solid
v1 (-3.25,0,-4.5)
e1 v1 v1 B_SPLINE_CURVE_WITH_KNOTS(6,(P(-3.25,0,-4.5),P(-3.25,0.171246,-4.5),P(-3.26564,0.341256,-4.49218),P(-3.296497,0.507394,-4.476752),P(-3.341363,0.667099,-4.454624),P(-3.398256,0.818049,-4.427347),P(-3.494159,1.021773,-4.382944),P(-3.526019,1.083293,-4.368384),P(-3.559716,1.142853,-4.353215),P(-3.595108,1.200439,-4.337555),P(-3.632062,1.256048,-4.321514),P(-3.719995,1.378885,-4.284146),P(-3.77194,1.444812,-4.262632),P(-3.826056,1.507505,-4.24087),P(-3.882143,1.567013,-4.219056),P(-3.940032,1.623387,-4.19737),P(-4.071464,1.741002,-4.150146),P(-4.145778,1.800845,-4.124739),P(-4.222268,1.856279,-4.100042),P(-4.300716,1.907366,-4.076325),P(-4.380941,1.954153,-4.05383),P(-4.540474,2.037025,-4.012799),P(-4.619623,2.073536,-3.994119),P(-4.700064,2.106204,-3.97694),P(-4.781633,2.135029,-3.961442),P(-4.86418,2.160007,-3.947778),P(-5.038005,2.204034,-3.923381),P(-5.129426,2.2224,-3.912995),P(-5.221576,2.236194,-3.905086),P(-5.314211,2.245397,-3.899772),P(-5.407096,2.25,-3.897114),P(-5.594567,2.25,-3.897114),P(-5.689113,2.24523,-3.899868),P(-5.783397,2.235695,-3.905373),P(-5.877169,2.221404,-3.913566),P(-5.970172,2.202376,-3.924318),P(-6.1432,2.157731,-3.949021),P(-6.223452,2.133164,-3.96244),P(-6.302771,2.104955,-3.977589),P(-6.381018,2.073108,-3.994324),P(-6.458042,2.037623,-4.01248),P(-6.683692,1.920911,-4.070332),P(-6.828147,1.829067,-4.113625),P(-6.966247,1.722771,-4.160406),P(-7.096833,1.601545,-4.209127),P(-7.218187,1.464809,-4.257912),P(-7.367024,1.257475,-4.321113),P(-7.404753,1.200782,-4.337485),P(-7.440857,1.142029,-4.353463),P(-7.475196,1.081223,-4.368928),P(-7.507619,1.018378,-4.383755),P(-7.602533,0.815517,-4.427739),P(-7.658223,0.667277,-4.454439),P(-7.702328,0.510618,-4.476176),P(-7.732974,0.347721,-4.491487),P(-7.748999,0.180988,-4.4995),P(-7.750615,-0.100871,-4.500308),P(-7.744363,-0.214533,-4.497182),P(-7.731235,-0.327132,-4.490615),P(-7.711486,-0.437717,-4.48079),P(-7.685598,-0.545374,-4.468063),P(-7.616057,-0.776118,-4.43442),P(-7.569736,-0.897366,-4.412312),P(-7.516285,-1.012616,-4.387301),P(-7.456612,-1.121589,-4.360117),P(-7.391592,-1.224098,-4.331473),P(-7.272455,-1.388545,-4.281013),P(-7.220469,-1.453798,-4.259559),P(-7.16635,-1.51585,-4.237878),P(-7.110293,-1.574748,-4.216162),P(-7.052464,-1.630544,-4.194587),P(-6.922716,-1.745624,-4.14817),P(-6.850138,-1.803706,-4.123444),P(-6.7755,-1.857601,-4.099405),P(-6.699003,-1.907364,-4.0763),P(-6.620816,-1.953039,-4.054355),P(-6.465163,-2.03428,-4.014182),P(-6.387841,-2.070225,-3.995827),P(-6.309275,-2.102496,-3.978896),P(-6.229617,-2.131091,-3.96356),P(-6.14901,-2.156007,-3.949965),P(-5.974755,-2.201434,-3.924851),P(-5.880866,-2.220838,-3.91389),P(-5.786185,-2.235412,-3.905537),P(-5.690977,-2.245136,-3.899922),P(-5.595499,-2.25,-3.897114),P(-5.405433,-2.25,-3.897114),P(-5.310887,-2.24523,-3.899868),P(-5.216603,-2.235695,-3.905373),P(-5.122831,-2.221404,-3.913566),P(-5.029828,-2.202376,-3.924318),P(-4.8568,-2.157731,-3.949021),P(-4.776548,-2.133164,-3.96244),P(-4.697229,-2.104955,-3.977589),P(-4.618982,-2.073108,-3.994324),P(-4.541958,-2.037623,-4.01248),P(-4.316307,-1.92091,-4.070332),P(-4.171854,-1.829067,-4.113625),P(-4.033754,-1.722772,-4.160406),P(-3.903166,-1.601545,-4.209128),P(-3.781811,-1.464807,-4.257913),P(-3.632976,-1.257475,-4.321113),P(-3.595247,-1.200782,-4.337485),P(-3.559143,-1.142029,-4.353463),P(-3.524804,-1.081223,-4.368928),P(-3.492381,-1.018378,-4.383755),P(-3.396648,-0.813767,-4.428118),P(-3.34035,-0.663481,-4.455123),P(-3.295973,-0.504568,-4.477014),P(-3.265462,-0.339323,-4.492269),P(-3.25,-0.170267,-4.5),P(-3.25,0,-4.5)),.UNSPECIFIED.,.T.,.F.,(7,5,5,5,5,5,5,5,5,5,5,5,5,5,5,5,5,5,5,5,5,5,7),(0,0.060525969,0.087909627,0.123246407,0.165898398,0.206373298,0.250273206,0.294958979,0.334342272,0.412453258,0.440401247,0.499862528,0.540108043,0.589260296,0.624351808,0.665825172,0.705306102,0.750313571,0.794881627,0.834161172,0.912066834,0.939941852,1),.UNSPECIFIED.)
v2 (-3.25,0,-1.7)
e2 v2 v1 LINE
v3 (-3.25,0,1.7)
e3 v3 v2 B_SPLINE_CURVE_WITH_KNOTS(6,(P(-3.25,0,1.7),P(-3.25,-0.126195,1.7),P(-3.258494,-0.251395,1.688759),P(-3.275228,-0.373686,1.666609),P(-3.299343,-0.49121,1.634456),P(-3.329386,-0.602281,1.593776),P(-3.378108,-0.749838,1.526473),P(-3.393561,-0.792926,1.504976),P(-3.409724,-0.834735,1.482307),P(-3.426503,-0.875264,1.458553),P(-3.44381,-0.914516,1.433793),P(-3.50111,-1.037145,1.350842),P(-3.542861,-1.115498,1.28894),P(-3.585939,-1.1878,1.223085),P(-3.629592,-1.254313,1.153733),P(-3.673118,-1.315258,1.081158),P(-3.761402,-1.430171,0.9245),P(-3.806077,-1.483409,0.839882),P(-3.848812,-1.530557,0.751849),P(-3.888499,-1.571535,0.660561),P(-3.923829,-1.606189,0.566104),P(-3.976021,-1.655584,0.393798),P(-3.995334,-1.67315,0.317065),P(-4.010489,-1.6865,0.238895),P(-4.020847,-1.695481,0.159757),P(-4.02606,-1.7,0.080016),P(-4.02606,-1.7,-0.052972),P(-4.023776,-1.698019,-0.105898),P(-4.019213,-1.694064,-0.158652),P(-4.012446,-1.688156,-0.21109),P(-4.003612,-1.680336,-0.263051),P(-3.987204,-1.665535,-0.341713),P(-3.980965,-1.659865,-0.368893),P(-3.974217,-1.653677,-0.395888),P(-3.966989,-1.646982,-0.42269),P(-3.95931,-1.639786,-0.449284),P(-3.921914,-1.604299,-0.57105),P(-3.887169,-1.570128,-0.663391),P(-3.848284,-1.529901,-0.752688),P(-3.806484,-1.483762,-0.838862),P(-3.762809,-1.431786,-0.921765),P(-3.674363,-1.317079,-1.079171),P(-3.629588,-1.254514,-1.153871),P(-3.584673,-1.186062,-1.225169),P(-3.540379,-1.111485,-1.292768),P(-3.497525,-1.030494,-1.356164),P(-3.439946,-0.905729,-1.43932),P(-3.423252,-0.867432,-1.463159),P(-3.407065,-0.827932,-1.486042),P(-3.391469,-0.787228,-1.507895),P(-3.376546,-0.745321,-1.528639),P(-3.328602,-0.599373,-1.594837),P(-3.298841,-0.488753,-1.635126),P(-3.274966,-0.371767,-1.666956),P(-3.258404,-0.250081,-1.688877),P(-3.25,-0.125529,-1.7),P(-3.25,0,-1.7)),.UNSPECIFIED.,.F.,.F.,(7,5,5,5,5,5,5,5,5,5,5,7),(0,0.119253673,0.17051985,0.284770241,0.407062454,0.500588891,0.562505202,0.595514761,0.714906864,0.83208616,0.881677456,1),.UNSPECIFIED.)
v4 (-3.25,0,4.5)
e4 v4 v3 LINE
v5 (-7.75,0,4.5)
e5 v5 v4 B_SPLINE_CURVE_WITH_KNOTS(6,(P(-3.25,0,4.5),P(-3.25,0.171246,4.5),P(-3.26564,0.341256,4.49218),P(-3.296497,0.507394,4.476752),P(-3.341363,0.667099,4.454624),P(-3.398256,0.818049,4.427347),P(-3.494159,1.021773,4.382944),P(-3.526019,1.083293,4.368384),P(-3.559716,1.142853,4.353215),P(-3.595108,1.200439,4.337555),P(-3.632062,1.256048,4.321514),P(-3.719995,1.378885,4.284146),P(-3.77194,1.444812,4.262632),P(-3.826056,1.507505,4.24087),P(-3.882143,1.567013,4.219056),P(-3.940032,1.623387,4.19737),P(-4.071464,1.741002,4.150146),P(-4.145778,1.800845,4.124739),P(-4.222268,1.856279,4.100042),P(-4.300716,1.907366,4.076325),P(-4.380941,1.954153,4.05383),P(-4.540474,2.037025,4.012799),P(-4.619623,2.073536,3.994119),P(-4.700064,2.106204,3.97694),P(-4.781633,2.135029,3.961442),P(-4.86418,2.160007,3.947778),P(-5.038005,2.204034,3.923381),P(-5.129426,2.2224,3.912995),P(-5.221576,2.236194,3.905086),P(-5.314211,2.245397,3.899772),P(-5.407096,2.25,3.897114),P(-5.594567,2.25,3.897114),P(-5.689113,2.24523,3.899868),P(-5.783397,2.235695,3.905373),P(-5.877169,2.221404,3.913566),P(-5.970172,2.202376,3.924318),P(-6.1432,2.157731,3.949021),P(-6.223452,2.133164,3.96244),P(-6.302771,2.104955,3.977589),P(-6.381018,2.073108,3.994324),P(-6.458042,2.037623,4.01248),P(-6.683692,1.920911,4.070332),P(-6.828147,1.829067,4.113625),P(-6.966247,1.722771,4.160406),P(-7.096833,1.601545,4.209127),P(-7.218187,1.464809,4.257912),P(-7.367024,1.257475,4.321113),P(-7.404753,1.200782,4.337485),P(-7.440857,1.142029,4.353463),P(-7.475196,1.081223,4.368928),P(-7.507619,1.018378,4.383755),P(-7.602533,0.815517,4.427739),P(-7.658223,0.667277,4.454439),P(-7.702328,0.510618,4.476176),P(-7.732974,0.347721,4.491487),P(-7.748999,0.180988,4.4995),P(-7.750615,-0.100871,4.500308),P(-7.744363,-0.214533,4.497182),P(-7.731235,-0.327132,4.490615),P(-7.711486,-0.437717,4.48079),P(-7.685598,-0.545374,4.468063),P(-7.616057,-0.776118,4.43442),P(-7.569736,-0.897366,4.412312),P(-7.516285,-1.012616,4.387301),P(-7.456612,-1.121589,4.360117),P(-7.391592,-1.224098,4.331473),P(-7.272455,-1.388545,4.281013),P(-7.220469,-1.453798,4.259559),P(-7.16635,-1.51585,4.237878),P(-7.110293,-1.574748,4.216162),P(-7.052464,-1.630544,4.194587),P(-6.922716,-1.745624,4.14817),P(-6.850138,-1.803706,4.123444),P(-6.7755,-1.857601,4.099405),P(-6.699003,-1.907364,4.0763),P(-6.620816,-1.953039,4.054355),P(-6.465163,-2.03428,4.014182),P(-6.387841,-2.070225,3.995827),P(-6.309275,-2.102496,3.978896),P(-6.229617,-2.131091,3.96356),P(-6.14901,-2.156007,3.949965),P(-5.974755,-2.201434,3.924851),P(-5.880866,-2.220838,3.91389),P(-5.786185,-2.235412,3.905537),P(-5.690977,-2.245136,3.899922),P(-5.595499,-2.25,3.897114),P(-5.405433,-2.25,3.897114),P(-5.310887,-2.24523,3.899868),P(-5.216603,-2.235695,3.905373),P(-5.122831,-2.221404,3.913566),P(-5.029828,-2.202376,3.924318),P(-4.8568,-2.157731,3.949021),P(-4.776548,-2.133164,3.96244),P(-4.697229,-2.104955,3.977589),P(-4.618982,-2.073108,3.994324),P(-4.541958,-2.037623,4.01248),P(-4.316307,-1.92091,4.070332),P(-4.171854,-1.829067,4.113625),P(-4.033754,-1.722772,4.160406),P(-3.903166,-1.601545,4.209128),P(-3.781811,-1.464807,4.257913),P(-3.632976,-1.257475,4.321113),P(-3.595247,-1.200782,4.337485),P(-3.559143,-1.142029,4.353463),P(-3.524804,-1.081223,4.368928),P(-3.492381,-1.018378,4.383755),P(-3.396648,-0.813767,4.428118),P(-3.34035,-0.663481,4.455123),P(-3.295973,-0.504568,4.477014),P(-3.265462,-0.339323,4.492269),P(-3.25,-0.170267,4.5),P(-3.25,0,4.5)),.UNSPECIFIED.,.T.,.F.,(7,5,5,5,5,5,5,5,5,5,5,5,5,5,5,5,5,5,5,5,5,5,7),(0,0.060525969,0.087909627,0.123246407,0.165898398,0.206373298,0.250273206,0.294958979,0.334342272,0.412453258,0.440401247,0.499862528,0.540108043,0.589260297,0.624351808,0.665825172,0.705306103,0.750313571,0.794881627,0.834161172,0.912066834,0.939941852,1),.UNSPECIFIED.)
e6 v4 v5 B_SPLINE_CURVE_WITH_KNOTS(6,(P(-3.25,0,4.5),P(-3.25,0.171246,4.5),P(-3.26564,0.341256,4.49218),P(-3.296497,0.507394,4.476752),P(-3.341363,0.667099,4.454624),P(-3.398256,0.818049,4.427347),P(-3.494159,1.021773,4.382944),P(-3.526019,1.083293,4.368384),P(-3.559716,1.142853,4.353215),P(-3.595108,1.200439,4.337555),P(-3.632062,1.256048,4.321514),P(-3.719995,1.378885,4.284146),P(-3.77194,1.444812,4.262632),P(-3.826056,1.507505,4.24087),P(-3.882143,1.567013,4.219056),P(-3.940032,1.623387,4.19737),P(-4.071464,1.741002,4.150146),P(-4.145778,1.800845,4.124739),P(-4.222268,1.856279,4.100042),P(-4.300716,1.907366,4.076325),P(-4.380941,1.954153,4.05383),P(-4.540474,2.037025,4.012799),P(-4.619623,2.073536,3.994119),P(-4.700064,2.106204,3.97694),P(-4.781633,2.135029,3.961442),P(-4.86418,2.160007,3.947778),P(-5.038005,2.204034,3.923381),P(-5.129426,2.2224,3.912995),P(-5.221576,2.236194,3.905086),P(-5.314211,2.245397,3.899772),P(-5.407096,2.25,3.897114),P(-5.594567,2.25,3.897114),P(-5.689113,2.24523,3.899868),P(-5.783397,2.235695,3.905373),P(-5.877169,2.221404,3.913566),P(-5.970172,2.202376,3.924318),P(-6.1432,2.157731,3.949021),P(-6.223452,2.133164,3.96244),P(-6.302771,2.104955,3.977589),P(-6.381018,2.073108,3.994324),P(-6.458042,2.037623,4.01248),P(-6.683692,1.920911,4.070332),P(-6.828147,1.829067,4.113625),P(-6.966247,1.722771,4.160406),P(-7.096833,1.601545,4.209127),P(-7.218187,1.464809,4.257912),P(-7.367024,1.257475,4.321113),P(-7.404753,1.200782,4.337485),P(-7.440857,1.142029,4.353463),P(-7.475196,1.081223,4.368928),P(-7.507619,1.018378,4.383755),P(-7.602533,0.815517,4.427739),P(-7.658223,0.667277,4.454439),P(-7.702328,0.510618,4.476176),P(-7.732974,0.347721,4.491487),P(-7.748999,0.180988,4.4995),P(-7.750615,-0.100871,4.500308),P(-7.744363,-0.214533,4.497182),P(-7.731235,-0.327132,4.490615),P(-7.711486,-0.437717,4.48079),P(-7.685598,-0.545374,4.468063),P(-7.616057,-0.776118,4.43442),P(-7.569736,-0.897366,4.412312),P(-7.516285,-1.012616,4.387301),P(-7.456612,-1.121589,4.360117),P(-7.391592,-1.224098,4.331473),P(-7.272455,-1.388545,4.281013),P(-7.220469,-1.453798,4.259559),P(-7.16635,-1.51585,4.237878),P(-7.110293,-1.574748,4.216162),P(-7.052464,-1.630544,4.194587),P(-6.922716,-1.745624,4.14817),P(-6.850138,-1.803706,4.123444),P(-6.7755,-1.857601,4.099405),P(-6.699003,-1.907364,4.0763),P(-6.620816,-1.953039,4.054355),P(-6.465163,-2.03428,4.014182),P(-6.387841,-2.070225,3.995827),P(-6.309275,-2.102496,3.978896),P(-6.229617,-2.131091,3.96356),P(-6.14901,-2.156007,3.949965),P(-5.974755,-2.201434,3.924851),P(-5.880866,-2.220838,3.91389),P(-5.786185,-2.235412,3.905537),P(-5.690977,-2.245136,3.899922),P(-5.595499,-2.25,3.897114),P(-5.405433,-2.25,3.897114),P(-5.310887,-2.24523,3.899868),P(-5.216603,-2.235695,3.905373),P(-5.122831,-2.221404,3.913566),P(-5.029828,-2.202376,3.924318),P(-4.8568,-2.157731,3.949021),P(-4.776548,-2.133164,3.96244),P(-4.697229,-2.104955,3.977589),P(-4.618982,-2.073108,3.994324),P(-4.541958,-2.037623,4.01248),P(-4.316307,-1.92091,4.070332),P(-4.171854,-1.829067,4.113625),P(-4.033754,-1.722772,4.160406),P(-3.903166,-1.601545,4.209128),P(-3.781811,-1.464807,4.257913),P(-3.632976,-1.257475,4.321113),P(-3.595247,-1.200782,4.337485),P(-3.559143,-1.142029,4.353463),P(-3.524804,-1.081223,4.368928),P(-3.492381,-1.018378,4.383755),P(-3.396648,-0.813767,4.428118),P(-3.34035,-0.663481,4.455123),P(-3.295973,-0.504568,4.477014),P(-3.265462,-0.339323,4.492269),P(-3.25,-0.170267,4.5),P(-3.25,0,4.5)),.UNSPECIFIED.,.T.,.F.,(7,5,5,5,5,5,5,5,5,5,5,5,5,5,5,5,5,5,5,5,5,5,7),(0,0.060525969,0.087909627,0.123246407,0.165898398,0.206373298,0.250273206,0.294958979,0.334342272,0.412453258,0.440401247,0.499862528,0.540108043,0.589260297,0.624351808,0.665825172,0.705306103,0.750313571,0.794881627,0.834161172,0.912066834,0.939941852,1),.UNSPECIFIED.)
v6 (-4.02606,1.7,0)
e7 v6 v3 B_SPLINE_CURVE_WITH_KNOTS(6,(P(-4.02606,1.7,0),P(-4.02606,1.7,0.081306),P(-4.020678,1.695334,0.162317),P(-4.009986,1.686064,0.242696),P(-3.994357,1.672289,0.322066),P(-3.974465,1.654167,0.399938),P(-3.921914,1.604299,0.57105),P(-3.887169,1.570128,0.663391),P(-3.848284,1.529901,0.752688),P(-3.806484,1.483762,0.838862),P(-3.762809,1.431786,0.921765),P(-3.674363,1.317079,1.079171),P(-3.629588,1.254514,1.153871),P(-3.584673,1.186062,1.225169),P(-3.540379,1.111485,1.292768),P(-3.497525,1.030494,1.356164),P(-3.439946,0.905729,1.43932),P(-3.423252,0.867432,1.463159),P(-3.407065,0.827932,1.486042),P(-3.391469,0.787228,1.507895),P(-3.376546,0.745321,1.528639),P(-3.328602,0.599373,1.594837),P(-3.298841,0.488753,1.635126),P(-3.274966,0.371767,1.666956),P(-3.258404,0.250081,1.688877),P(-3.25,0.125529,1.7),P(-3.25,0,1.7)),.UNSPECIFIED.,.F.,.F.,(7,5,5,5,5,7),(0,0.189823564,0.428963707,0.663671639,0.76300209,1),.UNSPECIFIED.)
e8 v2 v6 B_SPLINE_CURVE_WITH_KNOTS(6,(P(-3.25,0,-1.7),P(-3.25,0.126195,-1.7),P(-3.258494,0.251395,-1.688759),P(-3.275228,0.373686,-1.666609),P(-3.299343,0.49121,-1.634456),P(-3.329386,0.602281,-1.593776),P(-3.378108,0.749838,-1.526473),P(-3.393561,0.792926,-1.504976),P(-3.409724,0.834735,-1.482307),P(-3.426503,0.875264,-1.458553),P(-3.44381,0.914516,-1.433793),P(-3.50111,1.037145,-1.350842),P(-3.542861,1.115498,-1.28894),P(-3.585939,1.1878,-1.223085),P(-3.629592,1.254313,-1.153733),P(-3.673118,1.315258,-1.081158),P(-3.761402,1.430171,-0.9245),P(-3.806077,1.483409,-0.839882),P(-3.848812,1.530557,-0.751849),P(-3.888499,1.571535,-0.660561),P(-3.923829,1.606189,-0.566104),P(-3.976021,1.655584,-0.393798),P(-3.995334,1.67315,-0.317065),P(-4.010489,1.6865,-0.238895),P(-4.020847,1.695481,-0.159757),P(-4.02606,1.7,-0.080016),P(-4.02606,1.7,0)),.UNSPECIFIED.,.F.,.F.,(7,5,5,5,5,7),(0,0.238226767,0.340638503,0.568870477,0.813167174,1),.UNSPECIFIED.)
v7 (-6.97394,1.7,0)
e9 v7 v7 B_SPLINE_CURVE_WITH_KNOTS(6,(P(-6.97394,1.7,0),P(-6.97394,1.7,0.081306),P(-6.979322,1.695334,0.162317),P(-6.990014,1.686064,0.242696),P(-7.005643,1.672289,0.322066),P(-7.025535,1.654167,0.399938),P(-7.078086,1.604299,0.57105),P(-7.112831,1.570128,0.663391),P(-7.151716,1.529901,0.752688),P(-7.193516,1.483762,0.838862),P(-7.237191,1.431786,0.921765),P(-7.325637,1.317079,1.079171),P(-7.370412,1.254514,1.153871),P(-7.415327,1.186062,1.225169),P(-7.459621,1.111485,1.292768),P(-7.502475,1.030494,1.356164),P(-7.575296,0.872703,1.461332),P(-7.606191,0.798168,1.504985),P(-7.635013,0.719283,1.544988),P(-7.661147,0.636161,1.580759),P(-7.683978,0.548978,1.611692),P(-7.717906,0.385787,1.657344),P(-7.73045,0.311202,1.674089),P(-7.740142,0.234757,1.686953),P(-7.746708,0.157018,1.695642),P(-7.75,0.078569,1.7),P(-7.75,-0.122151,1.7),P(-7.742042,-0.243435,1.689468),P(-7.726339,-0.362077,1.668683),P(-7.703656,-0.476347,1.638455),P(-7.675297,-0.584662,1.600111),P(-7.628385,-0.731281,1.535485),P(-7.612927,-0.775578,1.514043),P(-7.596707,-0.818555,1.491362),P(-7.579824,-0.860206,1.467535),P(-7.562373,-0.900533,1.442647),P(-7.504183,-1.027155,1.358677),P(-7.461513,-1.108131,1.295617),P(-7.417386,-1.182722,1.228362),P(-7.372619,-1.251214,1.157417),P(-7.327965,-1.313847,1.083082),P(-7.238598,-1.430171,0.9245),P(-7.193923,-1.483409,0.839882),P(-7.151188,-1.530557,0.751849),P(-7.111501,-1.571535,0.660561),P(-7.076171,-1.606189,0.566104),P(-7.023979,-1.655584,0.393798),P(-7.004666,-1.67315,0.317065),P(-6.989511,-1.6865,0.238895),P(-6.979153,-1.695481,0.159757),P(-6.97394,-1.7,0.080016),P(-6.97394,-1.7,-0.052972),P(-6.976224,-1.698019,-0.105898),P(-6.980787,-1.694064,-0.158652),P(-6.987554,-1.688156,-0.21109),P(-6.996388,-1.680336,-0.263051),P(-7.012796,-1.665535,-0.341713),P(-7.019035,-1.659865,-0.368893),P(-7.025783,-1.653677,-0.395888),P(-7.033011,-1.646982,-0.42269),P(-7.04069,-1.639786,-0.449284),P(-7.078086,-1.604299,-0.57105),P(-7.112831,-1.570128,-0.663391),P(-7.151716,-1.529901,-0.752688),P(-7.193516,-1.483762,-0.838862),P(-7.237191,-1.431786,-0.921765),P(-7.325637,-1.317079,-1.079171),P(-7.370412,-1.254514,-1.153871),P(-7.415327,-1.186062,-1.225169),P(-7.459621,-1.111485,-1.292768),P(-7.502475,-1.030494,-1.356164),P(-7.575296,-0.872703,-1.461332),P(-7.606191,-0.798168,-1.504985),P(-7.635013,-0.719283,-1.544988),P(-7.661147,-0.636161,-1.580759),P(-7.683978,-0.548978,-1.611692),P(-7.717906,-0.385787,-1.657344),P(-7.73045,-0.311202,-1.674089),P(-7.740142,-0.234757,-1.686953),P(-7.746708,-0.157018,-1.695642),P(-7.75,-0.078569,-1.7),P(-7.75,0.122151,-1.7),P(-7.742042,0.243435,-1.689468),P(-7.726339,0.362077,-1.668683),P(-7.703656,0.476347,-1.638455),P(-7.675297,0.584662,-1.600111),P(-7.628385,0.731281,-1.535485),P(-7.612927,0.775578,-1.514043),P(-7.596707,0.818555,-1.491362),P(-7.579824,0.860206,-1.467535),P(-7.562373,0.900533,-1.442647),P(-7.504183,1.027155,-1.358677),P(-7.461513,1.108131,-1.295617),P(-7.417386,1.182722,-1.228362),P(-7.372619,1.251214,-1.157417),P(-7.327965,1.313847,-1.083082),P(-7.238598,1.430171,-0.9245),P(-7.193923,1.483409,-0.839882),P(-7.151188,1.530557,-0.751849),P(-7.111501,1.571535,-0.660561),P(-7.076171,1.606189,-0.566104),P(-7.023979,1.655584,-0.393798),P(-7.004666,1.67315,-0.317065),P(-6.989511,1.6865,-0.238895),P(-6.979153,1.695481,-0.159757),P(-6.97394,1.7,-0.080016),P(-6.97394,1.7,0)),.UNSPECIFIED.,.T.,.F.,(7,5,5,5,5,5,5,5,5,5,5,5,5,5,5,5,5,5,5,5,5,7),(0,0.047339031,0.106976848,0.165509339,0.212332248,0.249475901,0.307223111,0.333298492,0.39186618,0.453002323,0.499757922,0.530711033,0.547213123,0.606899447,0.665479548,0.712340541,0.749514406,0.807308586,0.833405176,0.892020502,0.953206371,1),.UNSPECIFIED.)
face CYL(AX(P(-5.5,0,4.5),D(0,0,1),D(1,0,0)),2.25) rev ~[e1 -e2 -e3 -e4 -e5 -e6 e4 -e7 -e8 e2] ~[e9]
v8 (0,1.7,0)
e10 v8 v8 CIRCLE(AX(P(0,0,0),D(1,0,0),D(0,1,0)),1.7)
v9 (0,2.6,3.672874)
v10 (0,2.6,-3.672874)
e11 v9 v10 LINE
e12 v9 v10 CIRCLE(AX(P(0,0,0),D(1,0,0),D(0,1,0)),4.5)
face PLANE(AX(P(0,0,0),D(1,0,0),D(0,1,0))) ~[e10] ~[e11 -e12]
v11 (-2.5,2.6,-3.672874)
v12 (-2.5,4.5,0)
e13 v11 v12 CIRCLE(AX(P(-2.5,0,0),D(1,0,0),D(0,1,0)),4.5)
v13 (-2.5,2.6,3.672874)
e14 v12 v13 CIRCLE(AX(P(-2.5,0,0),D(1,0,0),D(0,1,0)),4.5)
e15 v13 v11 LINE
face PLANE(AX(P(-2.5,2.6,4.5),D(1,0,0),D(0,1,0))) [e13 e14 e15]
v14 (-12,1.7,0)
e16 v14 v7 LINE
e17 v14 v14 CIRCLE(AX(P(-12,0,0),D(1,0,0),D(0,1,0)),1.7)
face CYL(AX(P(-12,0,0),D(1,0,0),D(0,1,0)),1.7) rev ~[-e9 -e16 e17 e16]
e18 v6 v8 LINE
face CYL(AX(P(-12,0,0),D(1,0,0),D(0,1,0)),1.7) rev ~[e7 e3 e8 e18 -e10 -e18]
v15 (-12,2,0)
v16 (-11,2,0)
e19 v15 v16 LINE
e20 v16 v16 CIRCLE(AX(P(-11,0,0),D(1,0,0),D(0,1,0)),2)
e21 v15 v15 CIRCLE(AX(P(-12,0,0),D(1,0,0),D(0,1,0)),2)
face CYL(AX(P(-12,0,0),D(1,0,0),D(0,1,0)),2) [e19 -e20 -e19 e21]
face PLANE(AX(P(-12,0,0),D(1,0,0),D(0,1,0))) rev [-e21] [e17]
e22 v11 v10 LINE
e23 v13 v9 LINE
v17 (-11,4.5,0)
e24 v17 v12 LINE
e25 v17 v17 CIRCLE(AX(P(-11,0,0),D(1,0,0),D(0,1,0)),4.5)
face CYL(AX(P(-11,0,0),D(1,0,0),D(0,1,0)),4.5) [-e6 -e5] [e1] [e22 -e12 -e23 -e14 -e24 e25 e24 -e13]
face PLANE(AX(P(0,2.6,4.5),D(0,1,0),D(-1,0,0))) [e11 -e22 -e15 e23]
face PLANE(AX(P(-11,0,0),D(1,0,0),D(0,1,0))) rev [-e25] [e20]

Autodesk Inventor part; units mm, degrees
ref_plane "YZ-Ebene" through (0, 0, 0) normal (1, 0, 0) x (0, 1, 0)
ref_plane "XZ-Ebene" through (0, 0, 0) normal (0, 1, 0) x (-1, 0, 0)
sketch "Skizze1" plane through (0, 0, 0) normal (0, 0, 1) x (1, 0, 0)
  line L0 (-14.4, 0) -> (2.4, 0) projected
  line L1 (0, -0.9) -> (0, 5.4) projected
  line L2 (-12, 1.7) -> (-12, 2)
  line L3 (-12, 2) -> (-11, 2)
  line L4 (-11, 2) -> (-11, 4.5)
  line L5 (-11, 4.5) -> (0, 4.5)
  line L6 (-12, 1.7) -> (0, 1.7)
  line L7 (0, 4.5) -> (0, 1.7)
  point P0 (0, 0)
  dimension "d1" = 3.4
  dimension "d2" = 4
  dimension "d3" = 11
  dimension "d4" = 12
  dimension "d5" = 9
revolve "Umdrehung1" add sketch "Skizze1" angle 360 about axis through (-10, 0, 0) along (1, 0, 0)
ref_plane "Arbeitsebene1" through (-5.5, 0, 4.5) normal (0, 0, 1) x (1, 0, 0)
sketch "Skizze2" plane through (-5.5, 0, 4.5) normal (0, 0, 1) x (1, 0, 0)
  line L0 (-5.5, 4.5) -> (5.5, 4.5) projected
  line L1 (5.5, -4.5) -> (5.5, 4.5) projected
  line L2 (3, 4.5) -> (5.5, 4.5)
  line L3 (5.5, 4.5) -> (5.5, 2.6)
  line L4 (5.5, 2.6) -> (3, 2.6)
  line L5 (3, 2.6) -> (3, 4.5)
  point P0 (5.5, 0)
  dimension "d9" = 1.9
  dimension "d10" = 2.5
extrude "Extrusion1" cut sketch "Skizze2" against normal through all
ref_plane "Arbeitsebene2" through (-5.5, 0, 4.5) normal (0, 0, 1) x (1, 0, 0)
sketch "Skizze3" plane through (-5.5, 0, 4.5) normal (0, 0, 1) x (1, 0, 0)
  line L0 (-8.9, 0) -> (7.9, 0) projected
  line L1 (-5.5, -4.5) -> (-5.5, 4.5) projected
  line L2 (5.5, -4.5) -> (5.5, 2.6) projected
  circle A0 centre (0, 0) radius 2.25
  point P0 (5.5, 0)
  dimension "d13" = 4.5
  dimension "d14" = 5.5
extrude "Extrusion2" cut sketch "Skizze3" against normal through all
properties part number "Schließbahn_ra8846s" material "Stahl"
